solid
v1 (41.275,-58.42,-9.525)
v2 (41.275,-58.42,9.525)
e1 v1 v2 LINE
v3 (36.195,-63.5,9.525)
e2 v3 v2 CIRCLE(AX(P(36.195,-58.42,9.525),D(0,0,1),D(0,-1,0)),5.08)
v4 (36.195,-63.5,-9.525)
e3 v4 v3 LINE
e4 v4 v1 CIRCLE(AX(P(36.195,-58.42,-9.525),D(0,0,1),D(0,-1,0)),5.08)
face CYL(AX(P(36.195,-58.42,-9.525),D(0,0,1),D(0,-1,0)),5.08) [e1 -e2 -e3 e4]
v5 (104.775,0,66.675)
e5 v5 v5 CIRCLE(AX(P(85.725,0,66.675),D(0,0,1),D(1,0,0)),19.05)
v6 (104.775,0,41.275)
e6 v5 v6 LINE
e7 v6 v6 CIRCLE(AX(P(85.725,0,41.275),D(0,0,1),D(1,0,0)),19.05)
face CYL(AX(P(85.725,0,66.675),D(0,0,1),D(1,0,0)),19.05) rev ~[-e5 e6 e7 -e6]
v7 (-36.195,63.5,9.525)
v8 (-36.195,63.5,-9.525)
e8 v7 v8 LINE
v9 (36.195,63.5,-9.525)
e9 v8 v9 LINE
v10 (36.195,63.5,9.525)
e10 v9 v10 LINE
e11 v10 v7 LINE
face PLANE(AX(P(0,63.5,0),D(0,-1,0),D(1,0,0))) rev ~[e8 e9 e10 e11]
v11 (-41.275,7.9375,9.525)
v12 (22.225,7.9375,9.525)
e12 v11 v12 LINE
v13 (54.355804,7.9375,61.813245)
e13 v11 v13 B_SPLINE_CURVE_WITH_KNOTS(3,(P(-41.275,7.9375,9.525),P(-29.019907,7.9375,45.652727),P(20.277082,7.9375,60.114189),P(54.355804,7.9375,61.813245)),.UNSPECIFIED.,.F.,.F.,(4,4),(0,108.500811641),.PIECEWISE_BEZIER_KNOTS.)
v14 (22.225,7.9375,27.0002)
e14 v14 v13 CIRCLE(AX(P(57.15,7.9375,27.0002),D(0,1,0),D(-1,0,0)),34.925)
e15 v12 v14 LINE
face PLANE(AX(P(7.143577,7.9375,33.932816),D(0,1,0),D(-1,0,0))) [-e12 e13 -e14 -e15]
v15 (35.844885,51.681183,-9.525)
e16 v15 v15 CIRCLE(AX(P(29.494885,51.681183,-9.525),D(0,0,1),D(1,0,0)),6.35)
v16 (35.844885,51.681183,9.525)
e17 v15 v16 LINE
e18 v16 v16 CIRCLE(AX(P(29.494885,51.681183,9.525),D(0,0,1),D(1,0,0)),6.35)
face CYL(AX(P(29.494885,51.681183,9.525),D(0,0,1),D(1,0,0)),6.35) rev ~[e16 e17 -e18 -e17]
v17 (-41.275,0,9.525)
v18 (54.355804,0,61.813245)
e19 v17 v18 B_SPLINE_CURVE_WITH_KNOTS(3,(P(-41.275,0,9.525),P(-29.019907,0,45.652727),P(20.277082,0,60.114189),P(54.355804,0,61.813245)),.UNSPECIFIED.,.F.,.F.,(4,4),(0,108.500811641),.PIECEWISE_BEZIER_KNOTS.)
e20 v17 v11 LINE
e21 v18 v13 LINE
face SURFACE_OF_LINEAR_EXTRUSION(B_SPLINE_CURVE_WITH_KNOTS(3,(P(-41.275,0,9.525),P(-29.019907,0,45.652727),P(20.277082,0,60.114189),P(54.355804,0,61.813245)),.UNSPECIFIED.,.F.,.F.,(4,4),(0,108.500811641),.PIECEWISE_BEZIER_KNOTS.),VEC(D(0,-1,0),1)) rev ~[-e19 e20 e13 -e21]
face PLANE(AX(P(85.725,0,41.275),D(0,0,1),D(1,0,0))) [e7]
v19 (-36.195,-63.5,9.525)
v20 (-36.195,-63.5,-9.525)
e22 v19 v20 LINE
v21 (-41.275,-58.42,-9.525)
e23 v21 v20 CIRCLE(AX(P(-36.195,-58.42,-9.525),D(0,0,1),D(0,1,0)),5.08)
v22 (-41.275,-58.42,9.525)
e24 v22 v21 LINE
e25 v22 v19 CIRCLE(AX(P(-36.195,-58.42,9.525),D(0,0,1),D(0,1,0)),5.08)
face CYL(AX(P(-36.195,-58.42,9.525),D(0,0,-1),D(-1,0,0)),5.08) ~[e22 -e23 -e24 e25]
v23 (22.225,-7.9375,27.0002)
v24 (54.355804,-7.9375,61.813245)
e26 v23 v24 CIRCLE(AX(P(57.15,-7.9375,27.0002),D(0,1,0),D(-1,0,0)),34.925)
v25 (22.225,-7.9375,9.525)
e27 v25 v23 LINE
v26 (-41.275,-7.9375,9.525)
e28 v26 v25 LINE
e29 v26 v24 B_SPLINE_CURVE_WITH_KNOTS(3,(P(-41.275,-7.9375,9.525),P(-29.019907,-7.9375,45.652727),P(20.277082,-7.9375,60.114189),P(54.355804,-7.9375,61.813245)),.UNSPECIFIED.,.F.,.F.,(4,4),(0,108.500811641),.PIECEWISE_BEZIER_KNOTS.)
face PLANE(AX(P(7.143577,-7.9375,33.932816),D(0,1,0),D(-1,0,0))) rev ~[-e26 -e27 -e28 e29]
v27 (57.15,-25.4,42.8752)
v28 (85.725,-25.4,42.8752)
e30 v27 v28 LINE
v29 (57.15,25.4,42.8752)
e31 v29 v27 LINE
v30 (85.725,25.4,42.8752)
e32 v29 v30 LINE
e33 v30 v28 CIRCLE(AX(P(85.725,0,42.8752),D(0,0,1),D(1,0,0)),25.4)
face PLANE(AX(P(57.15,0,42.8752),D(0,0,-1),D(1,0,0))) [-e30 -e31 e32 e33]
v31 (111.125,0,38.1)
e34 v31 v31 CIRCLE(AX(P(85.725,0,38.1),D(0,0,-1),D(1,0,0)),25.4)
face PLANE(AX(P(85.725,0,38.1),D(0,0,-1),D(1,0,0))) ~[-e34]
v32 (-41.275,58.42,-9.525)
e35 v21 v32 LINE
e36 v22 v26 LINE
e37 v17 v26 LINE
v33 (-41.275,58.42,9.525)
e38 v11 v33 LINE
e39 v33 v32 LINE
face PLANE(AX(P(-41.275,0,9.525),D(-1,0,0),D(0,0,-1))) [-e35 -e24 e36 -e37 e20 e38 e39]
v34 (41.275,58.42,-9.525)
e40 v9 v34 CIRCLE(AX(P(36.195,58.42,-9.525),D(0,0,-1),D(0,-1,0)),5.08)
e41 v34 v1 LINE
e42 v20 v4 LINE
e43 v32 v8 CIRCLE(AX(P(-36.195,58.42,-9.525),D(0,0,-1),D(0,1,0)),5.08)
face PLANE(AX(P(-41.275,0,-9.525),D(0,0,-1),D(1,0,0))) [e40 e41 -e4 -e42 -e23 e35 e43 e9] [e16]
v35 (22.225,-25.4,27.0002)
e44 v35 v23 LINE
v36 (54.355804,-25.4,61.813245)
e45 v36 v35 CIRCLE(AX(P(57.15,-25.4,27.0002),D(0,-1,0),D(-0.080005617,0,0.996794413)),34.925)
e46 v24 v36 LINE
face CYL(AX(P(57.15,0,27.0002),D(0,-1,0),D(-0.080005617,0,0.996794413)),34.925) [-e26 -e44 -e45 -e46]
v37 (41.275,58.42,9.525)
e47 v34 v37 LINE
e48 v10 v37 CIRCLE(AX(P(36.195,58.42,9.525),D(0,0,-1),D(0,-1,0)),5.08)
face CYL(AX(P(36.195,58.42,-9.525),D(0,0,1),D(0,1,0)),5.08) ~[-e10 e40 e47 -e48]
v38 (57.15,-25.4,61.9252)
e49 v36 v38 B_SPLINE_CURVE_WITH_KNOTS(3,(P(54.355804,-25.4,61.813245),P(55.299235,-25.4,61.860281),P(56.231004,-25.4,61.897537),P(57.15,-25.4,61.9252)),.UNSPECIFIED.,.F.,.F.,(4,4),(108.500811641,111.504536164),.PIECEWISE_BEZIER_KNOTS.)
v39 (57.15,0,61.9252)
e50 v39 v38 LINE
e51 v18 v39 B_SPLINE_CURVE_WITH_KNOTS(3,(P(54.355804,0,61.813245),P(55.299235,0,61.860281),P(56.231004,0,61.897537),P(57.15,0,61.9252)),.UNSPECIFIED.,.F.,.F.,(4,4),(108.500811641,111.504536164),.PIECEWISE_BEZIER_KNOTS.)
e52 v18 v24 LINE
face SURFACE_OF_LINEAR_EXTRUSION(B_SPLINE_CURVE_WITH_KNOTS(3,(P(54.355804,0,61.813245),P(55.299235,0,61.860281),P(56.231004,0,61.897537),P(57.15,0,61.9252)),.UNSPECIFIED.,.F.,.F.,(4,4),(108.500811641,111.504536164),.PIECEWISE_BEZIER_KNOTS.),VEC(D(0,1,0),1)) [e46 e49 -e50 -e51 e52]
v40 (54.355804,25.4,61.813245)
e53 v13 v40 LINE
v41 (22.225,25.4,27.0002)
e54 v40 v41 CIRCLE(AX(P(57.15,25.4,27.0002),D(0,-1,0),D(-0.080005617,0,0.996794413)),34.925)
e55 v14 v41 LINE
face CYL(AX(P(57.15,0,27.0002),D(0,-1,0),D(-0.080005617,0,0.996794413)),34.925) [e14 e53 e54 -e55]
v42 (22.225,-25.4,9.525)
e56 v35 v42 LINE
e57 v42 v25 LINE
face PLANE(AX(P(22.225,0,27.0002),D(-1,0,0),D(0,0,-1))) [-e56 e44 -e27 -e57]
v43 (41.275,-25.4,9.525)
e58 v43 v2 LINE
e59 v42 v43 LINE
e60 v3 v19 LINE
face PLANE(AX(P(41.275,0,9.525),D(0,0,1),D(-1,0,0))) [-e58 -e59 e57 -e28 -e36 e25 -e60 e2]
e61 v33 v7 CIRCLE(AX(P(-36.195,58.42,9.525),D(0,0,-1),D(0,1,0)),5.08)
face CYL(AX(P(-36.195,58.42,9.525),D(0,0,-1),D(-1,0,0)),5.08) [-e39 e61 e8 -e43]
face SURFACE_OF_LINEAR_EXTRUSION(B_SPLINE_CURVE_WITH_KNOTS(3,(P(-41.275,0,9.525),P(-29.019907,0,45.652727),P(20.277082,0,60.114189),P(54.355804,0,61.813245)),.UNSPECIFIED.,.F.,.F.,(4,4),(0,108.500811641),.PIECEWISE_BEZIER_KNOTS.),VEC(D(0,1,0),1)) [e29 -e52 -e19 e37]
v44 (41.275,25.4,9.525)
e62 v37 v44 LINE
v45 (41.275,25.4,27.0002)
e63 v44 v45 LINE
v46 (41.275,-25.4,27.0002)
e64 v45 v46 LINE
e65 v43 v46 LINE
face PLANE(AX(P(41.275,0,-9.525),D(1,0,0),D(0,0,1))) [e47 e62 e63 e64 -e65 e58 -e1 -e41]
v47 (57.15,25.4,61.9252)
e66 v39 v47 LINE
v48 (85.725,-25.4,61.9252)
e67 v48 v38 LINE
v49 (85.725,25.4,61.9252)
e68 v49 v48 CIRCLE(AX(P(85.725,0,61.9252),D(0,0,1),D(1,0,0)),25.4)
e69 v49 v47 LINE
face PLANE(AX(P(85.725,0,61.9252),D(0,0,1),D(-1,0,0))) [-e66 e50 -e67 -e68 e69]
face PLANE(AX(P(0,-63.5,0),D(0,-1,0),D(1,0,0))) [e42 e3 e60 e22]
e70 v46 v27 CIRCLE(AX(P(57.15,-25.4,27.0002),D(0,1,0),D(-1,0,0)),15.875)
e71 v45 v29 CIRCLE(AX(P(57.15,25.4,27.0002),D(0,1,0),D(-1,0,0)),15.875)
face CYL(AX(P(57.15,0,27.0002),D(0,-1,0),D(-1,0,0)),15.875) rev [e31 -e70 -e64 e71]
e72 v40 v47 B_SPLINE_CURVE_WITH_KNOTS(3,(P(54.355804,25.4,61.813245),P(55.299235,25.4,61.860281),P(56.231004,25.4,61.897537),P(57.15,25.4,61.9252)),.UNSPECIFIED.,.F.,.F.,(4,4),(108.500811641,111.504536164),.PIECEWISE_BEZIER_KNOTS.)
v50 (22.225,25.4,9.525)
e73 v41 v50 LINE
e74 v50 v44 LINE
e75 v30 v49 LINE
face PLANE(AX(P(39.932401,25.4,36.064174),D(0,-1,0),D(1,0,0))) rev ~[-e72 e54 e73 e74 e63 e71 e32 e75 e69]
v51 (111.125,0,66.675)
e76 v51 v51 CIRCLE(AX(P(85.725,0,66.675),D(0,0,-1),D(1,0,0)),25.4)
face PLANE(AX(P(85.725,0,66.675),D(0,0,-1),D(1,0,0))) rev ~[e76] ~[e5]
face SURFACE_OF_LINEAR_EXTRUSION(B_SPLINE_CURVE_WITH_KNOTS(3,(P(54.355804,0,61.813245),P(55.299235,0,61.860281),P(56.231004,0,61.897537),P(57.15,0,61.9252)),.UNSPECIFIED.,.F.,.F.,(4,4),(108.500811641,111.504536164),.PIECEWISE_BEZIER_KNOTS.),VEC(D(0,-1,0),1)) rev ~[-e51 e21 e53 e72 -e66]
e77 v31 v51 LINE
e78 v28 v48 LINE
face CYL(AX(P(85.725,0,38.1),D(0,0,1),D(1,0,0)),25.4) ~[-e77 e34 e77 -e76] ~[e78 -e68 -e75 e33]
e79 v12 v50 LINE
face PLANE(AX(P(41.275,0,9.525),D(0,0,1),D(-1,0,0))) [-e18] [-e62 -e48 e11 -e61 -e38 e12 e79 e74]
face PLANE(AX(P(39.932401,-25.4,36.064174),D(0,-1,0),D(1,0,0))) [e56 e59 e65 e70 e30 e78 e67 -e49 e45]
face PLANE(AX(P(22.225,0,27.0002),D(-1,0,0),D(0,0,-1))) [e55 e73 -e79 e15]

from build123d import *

# Parameters (mm, degrees)
F1_DEPTH = 63.5
F0_W     = 25.4
F0_H     = 19.05
F2_DEPTH = 25.4
F3_DEPTH = 7.9375
F4_R     = 5.08
F6_R     = 6.35
F7_DEPTH = 50.8
F8_R     = 19.05
F9_DEPTH = 25.4


with BuildPart() as f1:
    # F0 (on Front) → F1 (new body, symmetric)
    with BuildSketch(Plane.XZ):
        Polygon((-41.275, -9.525), (41.275, -9.525), (41.275, 9.525), (22.225, 9.525), (-41.275, 9.525), align=None)
    extrude(amount=F1_DEPTH, both=True)

    # F0 (on Front) → F2 (join, symmetric)
    with BuildSketch(Plane.XZ):
        with BuildLine():
            Line((22.225, 9.525), (41.275, 9.525))
            Line((41.275, 9.525), (41.275, 27.0002))
            ThreePointArc((41.275, 27.0002), (45.9246798487, 38.2255201513), (57.15, 42.8752))
            Line((57.15, 42.8752), (60.325, 42.8752))
            Line((60.325, 42.8752), (60.325, 61.9252))
            Line((60.325, 61.9252), (57.15, 61.9252))
            add(Edge.make_bspline(
                [(54.3558038177, 61.8132448639), (55.2992353906, 61.8602813509), (56.2310037171, 61.8975367589), (57.15, 61.9252)],
                knots=[108.500811641, 108.500811641, 108.500811641, 108.500811641, 111.5045361635, 111.5045361635, 111.5045361635, 111.5045361635], degree=3))
            ThreePointArc((54.3558038177, 61.8132448639), (31.4854044775, 50.6874151522), (22.225, 27.0002))
            Line((22.225, 27.0002), (22.225, 9.525))
        make_face()
        with Locations((73.025, 52.4002)):
            Rectangle(F0_W, F0_H)
    extrude(amount=F2_DEPTH, both=True)

    # F0 (on Front) → F3 (join, symmetric)
    with BuildSketch(Plane.XZ):
        with BuildLine():
            add(Edge.make_bspline(
                [(-41.275, 9.525), (-29.0199070695, 45.652726812), (20.2770823423, 60.114188583), (54.3558038177, 61.8132448639)],
                knots=[0, 0, 0, 0, 108.500811641, 108.500811641, 108.500811641, 108.500811641], degree=3))
            Line((-41.275, 9.525), (22.225, 9.525))
            Line((22.225, 9.525), (22.225, 27.0002))
            ThreePointArc((22.225, 27.0002), (31.4854044775, 50.6874151522), (54.3558038177, 61.8132448639))
        make_face()
    extrude(amount=F3_DEPTH, both=True)

    # F4
    f4_edges = [f1.edges().sort_by_distance(p)[0] for p in [
        (41.275, -63.5, 0),
        (-41.275, -63.5, 0),
        (-41.275, 63.5, 0),
        (41.275, 63.5, 0),
    ]]
    fillet(f4_edges, radius=F4_R)

    # F0 (on Front) → F5 (revolve)
    with BuildSketch(Plane.XZ):
        Polygon((85.725, 61.9252), (85.725, 42.8752), (85.725, 38.1), (111.125, 38.1), (111.125, 66.675), (85.725, 66.675), align=None)
    revolve(axis=Axis((85.725, 0, 52.3875), (0, 0, -1)))

    # F6 (on face) → F7 (cut, symmetric)
    with BuildSketch(Plane.XY.offset(9.525)):
        with Locations((29.4948853552, 51.6811832786)):
            Circle(F6_R)
    extrude(amount=F7_DEPTH, both=True, mode=Mode.SUBTRACT)

    # F8 (on face) → F9 (cut)
    with BuildSketch(Plane.XY.offset(66.675)):
        with Locations((85.725, 0)):
            Circle(F8_R)
    extrude(amount=-F9_DEPTH, mode=Mode.SUBTRACT)


solid = f1.part
